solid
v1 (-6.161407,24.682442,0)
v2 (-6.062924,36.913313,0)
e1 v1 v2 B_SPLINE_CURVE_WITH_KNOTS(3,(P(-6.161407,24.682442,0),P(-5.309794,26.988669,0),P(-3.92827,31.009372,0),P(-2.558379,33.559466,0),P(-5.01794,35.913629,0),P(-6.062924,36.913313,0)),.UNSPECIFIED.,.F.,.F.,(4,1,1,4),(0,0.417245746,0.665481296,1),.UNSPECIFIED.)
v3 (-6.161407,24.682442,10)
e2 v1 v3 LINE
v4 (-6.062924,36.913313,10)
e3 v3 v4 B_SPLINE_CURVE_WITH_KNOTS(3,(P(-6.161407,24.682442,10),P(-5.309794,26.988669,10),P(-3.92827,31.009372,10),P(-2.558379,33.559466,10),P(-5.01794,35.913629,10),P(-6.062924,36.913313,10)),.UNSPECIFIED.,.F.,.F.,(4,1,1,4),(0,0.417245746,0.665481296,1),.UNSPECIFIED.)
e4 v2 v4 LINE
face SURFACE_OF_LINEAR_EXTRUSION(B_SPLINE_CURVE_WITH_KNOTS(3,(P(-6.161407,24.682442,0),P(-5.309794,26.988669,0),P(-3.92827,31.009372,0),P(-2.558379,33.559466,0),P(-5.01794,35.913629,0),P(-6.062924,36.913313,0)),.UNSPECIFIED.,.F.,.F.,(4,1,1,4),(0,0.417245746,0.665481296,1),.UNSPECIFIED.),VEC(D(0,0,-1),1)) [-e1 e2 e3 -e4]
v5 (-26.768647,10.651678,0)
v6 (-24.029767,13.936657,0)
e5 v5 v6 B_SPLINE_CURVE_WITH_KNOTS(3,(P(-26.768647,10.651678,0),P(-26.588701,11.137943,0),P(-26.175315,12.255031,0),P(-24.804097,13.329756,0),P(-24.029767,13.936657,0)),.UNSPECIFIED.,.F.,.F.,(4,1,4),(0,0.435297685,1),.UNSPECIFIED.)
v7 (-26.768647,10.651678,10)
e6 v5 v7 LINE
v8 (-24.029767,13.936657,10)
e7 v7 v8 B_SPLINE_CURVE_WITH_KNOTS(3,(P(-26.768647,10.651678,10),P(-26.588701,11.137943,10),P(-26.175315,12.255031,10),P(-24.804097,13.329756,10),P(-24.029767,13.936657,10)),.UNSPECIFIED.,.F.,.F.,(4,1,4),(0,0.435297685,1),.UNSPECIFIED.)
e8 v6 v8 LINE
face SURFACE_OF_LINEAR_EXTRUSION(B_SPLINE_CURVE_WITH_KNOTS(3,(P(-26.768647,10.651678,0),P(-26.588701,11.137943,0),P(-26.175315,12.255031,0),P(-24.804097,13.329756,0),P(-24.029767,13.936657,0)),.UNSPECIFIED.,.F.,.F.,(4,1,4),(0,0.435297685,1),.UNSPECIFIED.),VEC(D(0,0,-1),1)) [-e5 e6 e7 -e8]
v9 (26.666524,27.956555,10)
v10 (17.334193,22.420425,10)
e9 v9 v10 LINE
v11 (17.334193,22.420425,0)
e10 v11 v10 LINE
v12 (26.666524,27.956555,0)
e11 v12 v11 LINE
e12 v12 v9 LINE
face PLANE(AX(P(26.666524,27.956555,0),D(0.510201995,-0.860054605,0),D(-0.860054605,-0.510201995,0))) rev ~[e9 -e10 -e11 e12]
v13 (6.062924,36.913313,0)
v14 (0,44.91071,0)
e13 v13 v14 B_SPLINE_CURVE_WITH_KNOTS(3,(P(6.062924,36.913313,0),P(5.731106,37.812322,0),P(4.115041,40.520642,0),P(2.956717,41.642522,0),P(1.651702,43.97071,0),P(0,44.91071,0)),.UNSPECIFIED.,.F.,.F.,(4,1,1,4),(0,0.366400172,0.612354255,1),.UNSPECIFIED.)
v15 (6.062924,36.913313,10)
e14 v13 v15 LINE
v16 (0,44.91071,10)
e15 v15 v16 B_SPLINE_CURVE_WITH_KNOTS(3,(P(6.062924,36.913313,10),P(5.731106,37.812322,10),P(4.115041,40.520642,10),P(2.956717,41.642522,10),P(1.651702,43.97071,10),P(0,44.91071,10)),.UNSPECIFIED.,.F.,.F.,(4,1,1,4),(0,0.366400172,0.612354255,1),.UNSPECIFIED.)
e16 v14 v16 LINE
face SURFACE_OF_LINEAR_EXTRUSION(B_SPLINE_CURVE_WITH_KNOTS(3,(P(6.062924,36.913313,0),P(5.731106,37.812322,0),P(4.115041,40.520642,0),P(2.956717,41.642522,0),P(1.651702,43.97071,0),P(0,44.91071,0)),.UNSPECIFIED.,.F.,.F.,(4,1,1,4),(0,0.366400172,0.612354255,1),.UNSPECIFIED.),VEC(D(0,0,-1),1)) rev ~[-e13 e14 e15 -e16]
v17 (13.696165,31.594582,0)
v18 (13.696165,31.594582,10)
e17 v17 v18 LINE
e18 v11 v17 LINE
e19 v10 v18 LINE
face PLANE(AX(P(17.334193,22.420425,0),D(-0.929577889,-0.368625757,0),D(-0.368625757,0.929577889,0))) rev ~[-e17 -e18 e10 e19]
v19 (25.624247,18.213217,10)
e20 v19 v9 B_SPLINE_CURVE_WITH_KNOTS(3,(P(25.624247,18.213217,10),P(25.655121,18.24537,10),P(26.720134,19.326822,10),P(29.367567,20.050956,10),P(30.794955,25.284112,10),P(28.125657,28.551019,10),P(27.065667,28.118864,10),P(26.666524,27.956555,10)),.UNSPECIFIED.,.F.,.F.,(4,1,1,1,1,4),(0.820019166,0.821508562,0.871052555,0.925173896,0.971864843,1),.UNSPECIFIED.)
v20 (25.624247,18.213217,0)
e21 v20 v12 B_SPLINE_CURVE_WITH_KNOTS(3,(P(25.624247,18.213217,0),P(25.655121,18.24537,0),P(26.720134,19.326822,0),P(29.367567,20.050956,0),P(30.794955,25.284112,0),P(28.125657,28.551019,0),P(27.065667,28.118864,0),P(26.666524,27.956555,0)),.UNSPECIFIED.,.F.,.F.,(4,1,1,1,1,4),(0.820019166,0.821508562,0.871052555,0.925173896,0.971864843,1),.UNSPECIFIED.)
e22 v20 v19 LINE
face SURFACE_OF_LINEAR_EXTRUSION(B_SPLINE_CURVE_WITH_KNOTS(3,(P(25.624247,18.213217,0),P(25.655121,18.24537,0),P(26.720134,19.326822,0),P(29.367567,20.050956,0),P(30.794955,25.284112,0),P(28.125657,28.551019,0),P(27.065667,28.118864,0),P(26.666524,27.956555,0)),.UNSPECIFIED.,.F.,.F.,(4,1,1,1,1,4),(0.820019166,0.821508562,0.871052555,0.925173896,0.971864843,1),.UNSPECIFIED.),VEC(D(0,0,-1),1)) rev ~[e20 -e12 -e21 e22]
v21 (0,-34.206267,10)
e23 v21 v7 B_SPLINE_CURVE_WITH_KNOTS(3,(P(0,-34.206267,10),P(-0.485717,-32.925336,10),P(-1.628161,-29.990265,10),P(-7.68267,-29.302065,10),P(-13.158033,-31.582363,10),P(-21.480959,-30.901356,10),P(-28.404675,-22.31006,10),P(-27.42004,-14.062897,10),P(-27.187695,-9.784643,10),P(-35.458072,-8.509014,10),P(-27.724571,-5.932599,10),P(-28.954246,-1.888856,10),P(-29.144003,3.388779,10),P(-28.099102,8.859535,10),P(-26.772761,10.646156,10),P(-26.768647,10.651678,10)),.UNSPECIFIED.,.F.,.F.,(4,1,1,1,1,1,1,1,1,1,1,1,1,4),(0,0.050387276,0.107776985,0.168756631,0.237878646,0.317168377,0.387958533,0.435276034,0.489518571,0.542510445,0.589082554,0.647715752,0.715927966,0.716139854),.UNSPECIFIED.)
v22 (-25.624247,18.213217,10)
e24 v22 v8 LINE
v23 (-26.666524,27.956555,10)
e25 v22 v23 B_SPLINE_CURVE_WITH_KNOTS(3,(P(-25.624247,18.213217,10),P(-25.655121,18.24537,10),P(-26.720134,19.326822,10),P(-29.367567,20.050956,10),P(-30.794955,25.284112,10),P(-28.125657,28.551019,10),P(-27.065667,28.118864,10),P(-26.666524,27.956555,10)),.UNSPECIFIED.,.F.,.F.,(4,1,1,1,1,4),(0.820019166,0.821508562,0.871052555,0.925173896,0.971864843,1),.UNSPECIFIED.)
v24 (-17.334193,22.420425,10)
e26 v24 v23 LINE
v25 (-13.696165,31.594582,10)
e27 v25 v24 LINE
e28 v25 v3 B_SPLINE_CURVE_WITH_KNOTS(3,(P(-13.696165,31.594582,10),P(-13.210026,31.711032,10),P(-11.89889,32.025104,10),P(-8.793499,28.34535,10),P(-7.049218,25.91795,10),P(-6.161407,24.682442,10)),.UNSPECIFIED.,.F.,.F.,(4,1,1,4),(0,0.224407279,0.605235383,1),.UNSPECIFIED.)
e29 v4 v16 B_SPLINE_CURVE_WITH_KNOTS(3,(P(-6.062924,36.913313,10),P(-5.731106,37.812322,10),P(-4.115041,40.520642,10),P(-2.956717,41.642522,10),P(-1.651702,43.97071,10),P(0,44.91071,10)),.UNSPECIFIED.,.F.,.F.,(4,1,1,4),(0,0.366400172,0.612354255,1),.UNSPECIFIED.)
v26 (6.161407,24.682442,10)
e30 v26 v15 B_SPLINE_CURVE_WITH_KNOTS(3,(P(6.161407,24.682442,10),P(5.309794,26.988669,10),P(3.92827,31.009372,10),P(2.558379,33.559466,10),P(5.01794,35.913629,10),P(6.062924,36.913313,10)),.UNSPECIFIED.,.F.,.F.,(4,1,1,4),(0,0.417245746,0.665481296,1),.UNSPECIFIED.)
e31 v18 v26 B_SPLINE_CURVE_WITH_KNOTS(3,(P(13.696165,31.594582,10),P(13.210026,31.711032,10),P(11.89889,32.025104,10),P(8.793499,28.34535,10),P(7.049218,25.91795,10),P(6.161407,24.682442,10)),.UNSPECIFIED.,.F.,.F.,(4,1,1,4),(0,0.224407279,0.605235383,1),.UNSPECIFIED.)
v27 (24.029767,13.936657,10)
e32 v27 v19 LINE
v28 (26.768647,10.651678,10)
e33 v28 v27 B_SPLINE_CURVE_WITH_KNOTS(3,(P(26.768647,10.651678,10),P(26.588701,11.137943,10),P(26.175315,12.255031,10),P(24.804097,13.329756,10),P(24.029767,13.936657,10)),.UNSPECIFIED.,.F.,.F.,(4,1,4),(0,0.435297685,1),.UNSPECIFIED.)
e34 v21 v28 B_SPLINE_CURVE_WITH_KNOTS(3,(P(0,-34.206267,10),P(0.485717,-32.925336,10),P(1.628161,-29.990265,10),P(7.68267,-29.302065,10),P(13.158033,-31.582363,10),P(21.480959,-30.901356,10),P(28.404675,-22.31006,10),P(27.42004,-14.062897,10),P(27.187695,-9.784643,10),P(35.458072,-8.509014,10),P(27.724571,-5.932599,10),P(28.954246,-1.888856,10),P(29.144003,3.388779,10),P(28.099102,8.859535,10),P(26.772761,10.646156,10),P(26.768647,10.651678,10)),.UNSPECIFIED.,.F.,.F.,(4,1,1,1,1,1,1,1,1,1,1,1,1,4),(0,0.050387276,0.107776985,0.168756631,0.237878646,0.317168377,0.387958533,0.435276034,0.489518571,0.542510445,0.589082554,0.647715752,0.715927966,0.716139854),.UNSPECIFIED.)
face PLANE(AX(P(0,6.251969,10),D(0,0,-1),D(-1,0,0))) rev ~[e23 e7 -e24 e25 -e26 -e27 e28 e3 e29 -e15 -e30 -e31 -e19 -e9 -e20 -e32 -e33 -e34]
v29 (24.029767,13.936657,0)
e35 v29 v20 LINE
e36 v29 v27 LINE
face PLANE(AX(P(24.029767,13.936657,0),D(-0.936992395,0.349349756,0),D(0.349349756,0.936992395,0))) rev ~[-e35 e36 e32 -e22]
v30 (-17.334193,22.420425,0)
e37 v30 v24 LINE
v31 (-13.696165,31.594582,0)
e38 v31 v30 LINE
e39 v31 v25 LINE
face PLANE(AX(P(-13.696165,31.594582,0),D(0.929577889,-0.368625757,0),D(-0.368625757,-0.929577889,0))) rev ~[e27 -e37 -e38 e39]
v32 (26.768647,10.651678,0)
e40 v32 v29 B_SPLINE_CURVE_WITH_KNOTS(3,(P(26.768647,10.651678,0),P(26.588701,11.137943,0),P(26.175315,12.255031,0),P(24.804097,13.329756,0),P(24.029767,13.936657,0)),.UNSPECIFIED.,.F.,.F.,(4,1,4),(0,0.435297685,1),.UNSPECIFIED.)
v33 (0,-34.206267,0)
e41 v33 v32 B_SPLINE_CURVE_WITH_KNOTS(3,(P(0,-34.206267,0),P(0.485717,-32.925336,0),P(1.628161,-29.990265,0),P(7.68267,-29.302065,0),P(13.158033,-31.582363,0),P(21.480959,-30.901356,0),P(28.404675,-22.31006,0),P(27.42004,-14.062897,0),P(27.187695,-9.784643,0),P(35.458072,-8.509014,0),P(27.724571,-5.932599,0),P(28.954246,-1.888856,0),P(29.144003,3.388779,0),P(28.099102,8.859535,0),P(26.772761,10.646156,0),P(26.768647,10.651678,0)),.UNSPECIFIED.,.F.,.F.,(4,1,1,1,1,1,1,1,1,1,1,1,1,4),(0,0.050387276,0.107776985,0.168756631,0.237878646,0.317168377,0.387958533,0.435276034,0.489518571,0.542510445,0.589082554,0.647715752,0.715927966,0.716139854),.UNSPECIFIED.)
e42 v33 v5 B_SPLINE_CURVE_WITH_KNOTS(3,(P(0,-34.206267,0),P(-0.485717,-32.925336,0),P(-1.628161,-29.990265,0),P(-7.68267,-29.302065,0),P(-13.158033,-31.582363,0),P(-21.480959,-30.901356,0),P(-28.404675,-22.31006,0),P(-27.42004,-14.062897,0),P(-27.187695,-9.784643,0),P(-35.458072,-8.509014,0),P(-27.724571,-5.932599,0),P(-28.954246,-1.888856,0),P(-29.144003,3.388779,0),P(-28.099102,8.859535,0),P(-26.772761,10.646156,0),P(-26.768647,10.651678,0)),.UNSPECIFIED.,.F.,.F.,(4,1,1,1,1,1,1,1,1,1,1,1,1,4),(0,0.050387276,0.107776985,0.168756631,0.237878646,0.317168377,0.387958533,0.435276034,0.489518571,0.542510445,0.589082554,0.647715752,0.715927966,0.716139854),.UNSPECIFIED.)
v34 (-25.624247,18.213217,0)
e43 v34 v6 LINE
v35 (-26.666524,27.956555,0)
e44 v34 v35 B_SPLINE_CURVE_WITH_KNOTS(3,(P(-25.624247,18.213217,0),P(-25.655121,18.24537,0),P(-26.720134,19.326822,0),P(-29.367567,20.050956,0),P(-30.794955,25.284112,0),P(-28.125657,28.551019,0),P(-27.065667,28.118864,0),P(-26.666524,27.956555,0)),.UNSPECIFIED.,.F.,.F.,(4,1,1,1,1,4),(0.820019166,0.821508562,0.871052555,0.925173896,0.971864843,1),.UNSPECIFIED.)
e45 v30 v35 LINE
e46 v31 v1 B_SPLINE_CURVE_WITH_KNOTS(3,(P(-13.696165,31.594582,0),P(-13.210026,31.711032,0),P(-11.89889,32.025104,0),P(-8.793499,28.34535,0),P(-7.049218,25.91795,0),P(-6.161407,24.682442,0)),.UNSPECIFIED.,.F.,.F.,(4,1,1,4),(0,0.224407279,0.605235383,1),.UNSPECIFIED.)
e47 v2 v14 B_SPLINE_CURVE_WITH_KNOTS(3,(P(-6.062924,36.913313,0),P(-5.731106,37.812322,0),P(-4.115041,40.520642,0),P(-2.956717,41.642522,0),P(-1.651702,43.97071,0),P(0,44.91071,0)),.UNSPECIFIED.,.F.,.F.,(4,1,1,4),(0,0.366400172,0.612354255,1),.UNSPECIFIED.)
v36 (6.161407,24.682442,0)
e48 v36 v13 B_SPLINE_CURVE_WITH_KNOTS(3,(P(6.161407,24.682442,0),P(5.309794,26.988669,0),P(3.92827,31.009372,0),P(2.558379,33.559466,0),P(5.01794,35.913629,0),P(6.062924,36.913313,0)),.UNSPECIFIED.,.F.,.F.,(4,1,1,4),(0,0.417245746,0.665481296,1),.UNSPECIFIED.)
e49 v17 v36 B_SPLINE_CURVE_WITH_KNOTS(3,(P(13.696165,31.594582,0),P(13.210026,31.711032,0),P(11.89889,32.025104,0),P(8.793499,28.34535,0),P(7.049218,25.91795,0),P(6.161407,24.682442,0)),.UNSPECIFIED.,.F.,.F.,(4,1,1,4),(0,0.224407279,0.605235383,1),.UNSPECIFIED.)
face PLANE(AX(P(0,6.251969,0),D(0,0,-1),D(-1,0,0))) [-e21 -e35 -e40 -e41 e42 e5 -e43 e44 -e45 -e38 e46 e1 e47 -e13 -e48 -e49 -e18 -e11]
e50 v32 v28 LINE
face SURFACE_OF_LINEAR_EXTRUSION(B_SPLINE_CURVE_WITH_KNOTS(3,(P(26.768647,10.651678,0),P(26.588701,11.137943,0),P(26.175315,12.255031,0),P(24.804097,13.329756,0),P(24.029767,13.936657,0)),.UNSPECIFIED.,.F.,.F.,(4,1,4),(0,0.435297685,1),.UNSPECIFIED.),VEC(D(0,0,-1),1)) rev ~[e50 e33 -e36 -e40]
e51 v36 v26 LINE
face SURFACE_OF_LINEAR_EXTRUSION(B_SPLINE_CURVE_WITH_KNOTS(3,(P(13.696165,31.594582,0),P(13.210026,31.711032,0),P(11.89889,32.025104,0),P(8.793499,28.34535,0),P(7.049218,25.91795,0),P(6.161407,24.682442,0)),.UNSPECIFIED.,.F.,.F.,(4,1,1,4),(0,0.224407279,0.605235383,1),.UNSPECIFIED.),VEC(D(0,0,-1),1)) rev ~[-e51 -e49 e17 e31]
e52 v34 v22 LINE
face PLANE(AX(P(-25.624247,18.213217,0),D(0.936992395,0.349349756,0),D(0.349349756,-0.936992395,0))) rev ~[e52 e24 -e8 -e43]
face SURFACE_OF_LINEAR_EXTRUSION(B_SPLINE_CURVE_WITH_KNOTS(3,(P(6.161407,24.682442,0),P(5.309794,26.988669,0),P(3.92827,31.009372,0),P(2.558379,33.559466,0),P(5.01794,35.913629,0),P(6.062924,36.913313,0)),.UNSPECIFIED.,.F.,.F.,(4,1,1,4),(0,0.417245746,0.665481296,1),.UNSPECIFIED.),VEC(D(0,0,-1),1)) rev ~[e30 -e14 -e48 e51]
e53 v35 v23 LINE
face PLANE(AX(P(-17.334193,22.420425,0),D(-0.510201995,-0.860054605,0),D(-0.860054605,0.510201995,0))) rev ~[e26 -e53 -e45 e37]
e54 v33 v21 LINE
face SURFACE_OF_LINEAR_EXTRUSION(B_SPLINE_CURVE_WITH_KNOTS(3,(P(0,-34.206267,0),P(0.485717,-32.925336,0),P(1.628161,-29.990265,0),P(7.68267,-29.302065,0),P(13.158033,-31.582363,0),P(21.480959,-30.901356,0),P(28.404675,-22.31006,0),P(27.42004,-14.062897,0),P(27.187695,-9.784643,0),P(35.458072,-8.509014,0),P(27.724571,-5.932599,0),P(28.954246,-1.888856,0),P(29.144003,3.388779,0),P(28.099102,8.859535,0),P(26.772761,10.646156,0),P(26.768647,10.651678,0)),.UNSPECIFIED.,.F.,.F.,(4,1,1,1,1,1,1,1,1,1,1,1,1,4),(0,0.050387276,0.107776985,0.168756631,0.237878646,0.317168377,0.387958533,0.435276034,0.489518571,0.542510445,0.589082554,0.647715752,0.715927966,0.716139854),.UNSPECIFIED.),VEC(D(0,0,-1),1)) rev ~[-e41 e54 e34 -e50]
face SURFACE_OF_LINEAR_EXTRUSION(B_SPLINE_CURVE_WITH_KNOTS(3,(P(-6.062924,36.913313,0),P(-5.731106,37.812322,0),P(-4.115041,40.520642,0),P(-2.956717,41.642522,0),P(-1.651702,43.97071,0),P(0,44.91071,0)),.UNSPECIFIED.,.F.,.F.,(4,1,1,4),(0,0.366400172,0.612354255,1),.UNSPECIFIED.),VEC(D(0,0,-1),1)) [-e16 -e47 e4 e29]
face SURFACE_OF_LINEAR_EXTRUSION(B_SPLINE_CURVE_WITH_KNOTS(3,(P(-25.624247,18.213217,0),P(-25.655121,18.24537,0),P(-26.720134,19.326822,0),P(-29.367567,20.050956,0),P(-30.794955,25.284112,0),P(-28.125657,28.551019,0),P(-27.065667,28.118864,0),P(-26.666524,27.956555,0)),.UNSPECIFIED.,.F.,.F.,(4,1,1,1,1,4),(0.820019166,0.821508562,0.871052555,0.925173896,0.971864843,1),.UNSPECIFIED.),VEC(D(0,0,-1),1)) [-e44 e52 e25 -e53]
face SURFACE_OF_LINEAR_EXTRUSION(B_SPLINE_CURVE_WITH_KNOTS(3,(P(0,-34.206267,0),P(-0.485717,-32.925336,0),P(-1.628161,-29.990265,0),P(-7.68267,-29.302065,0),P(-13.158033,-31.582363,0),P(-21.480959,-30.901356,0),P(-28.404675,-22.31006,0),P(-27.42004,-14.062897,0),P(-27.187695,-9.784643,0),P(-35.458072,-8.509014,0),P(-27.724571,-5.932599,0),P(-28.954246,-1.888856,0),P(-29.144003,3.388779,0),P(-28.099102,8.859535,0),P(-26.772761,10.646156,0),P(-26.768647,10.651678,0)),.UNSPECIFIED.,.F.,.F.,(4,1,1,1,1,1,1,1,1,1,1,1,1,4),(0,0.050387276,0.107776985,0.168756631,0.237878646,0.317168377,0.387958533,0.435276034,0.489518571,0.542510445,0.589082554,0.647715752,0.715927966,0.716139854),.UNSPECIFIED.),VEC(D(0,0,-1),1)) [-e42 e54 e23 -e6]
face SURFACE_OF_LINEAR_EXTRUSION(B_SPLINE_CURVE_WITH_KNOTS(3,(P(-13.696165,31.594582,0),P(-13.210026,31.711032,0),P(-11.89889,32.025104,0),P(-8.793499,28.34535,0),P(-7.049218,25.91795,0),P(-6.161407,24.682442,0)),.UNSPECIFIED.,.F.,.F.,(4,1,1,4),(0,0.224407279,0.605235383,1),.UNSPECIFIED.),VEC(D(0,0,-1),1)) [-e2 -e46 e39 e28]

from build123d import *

# Parameters (mm, degrees)
F1_DEPTH = 10


with BuildPart() as f1:
    # F0 (on Top) → F1 (new body)
    with BuildSketch(Plane.XY):
        with BuildLine():
            add(Edge.make_bspline(
                [(0, -34.2062674463), (-0.4857172858, -32.9253363904), (-1.6281607267, -29.9902648811), (-7.6826702938, -29.3020653717), (-13.1580326732, -31.5823631299), (-21.4809586399, -30.9013561211), (-28.4046745975, -22.3100596991), (-27.4200402382, -14.0628969331), (-27.18769514, -9.7846433876), (-35.4580717272, -8.5090142997), (-27.7245712557, -5.9325985302), (-28.9542455468, -1.88885631), (-29.1440025079, 3.3887791633), (-28.0991021316, 8.8595352662), (-26.7727613132, 10.6461561697), (-26.7686468267, 10.6516777522)],
                knots=[0, 0, 0, 0, 0.0503872764, 0.1077769852, 0.1687566312, 0.2378786464, 0.3171683766, 0.3879585329, 0.4352760339, 0.4895185711, 0.5425104449, 0.5890825541, 0.6477157523, 0.7159279661, 0.7161398545, 0.7161398545, 0.7161398545, 0.7161398545], degree=3))
            add(Edge.make_bspline(
                [(0, -34.2062674463), (0.4857172858, -32.9253363904), (1.6281607267, -29.9902648811), (7.6826702938, -29.3020653717), (13.1580326732, -31.5823631299), (21.4809586399, -30.9013561211), (28.4046745975, -22.3100596991), (27.4200402382, -14.0628969331), (27.18769514, -9.7846433876), (35.4580717272, -8.5090142997), (27.7245712557, -5.9325985302), (28.9542455468, -1.88885631), (29.1440025079, 3.3887791633), (28.0991021316, 8.8595352662), (26.7727613132, 10.6461561697), (26.7686468267, 10.6516777522)],
                knots=[0, 0, 0, 0, 0.0503872764, 0.1077769852, 0.1687566312, 0.2378786464, 0.3171683766, 0.3879585329, 0.4352760339, 0.4895185711, 0.5425104449, 0.5890825541, 0.6477157523, 0.7159279661, 0.7161398545, 0.7161398545, 0.7161398545, 0.7161398545], degree=3))
            add(Edge.make_bspline(
                [(26.7686468267, 10.6516777522), (25.7698232697, 11.9920848111), (24.3457705657, 12.6822114993), (24.0297671407, 13.9366565272)],
                knots=[0.7161398545, 0.7161398545, 0.7161398545, 0.7161398545, 0.767577425, 0.767577425, 0.767577425, 0.767577425], degree=3))
            add(Edge.make_bspline(
                [(24.0297671407, 13.9366565272), (23.7075946583, 15.2155909843), (24.5371566941, 17.0810922335), (25.6242467432, 18.2132167257)],
                knots=[0.767577425, 0.767577425, 0.767577425, 0.767577425, 0.8200191661, 0.8200191661, 0.8200191661, 0.8200191661], degree=3))
            add(Edge.make_bspline(
                [(25.6242467432, 18.2132167257), (25.6551211504, 18.2453701546), (26.7201344171, 19.3268215737), (29.3675670173, 20.050956382), (30.7949551061, 25.2841119289), (28.1256573725, 28.5510185008), (27.0656669453, 28.1188642743), (26.6665238887, 27.9565546662)],
                knots=[0.8200191661, 0.8200191661, 0.8200191661, 0.8200191661, 0.8215085622, 0.8710525552, 0.9251738964, 0.9718648433, 1, 1, 1, 1], degree=3))
            Line((26.6665238887, 27.9565546662), (17.3341929913, 22.420424968))
            Line((17.3341929913, 22.420424968), (13.6961648241, 31.594581902))
            add(Edge.make_bspline(
                [(13.6961648241, 31.594581902), (13.2100258918, 31.7110322733), (11.8988897962, 32.0251035706), (8.7934988862, 28.3453498385), (7.0492182939, 25.9179502929), (6.1614066362, 24.6824417263)],
                knots=[0, 0, 0, 0, 0.2244072785, 0.6052353831, 1, 1, 1, 1], degree=3))
            add(Edge.make_bspline(
                [(6.1614066362, 24.6824417263), (5.3097939501, 26.9886685737), (3.9282699085, 31.0093721617), (2.5583786422, 33.5594659229), (5.017939865, 35.91362879), (6.0629243962, 36.9133129716)],
                knots=[0, 0, 0, 0, 0.4172457461, 0.6654812964, 1, 1, 1, 1], degree=3))
            add(Edge.make_bspline(
                [(6.0629243962, 36.9133129716), (5.7311058146, 37.8123222775), (4.1150409211, 40.5206419987), (2.9567172237, 41.6425224356), (1.6517017879, 43.9707103172), (0, 44.910710305)],
                knots=[0, 0, 0, 0, 0.366400172, 0.6123542549, 1, 1, 1, 1], degree=3))
            add(Edge.make_bspline(
                [(-6.0629243962, 36.9133129716), (-5.7311058146, 37.8123222775), (-4.1150409211, 40.5206419987), (-2.9567172237, 41.6425224356), (-1.6517017879, 43.9707103172), (0, 44.910710305)],
                knots=[0, 0, 0, 0, 0.366400172, 0.6123542549, 1, 1, 1, 1], degree=3))
            add(Edge.make_bspline(
                [(-6.1614066362, 24.6824417263), (-5.3097939501, 26.9886685737), (-3.9282699085, 31.0093721617), (-2.5583786422, 33.5594659229), (-5.017939865, 35.91362879), (-6.0629243962, 36.9133129716)],
                knots=[0, 0, 0, 0, 0.4172457461, 0.6654812964, 1, 1, 1, 1], degree=3))
            add(Edge.make_bspline(
                [(-13.6961648241, 31.594581902), (-13.2100258918, 31.7110322733), (-11.8988897962, 32.0251035706), (-8.7934988862, 28.3453498385), (-7.0492182939, 25.9179502929), (-6.1614066362, 24.6824417263)],
                knots=[0, 0, 0, 0, 0.2244072785, 0.6052353831, 1, 1, 1, 1], degree=3))
            Line((-13.6961648241, 31.594581902), (-17.3341929913, 22.420424968))
            Line((-17.3341929913, 22.420424968), (-26.6665238887, 27.9565546662))
            add(Edge.make_bspline(
                [(-25.6242467432, 18.2132167257), (-25.6551211504, 18.2453701546), (-26.7201344171, 19.3268215737), (-29.3675670173, 20.050956382), (-30.7949551061, 25.2841119289), (-28.1256573725, 28.5510185008), (-27.0656669453, 28.1188642743), (-26.6665238887, 27.9565546662)],
                knots=[0.8200191661, 0.8200191661, 0.8200191661, 0.8200191661, 0.8215085622, 0.8710525552, 0.9251738964, 0.9718648433, 1, 1, 1, 1], degree=3))
            add(Edge.make_bspline(
                [(-24.0297671407, 13.9366565272), (-23.7075946583, 15.2155909843), (-24.5371566941, 17.0810922335), (-25.6242467432, 18.2132167257)],
                knots=[0.767577425, 0.767577425, 0.767577425, 0.767577425, 0.8200191661, 0.8200191661, 0.8200191661, 0.8200191661], degree=3))
            add(Edge.make_bspline(
                [(-26.7686468267, 10.6516777522), (-25.7698232697, 11.9920848111), (-24.3457705657, 12.6822114993), (-24.0297671407, 13.9366565272)],
                knots=[0.7161398545, 0.7161398545, 0.7161398545, 0.7161398545, 0.767577425, 0.767577425, 0.767577425, 0.767577425], degree=3))
        make_face()
        with BuildLine():
            add(Edge.make_bspline(
                [(-26.7686468267, 10.6516777522), (-26.5887010399, 11.1379432544), (-26.1753154819, 12.2550305387), (-24.8040972467, 13.3297563633), (-24.0297671407, 13.9366565272)],
                knots=[0, 0, 0, 0, 0.4352976851, 1, 1, 1, 1], degree=3))
            add(Edge.make_bspline(
                [(-26.7686468267, 10.6516777522), (-25.7698232697, 11.9920848111), (-24.3457705657, 12.6822114993), (-24.0297671407, 13.9366565272)],
                knots=[0.7161398545, 0.7161398545, 0.7161398545, 0.7161398545, 0.767577425, 0.767577425, 0.767577425, 0.767577425], degree=3))
        make_face()
        with BuildLine():
            add(Edge.make_bspline(
                [(26.7686468267, 10.6516777522), (25.7698232697, 11.9920848111), (24.3457705657, 12.6822114993), (24.0297671407, 13.9366565272)],
                knots=[0.7161398545, 0.7161398545, 0.7161398545, 0.7161398545, 0.767577425, 0.767577425, 0.767577425, 0.767577425], degree=3))
            add(Edge.make_bspline(
                [(26.7686468267, 10.6516777522), (26.5887010399, 11.1379432544), (26.1753154819, 12.2550305387), (24.8040972467, 13.3297563633), (24.0297671407, 13.9366565272)],
                knots=[0, 0, 0, 0, 0.4352976851, 1, 1, 1, 1], degree=3))
        make_face()
        with BuildLine():
            Line((-25.6242467432, 18.2132167257), (-24.0297671407, 13.9366565272))
            add(Edge.make_bspline(
                [(-24.0297671407, 13.9366565272), (-23.7075946583, 15.2155909843), (-24.5371566941, 17.0810922335), (-25.6242467432, 18.2132167257)],
                knots=[0.767577425, 0.767577425, 0.767577425, 0.767577425, 0.8200191661, 0.8200191661, 0.8200191661, 0.8200191661], degree=3))
        make_face()
        with BuildLine():
            add(Edge.make_bspline(
                [(24.0297671407, 13.9366565272), (23.7075946583, 15.2155909843), (24.5371566941, 17.0810922335), (25.6242467432, 18.2132167257)],
                knots=[0.767577425, 0.767577425, 0.767577425, 0.767577425, 0.8200191661, 0.8200191661, 0.8200191661, 0.8200191661], degree=3))
            Line((24.0297671407, 13.9366565272), (25.6242467432, 18.2132167257))
        make_face()
    extrude(amount=F1_DEPTH)


solid = f1.part
